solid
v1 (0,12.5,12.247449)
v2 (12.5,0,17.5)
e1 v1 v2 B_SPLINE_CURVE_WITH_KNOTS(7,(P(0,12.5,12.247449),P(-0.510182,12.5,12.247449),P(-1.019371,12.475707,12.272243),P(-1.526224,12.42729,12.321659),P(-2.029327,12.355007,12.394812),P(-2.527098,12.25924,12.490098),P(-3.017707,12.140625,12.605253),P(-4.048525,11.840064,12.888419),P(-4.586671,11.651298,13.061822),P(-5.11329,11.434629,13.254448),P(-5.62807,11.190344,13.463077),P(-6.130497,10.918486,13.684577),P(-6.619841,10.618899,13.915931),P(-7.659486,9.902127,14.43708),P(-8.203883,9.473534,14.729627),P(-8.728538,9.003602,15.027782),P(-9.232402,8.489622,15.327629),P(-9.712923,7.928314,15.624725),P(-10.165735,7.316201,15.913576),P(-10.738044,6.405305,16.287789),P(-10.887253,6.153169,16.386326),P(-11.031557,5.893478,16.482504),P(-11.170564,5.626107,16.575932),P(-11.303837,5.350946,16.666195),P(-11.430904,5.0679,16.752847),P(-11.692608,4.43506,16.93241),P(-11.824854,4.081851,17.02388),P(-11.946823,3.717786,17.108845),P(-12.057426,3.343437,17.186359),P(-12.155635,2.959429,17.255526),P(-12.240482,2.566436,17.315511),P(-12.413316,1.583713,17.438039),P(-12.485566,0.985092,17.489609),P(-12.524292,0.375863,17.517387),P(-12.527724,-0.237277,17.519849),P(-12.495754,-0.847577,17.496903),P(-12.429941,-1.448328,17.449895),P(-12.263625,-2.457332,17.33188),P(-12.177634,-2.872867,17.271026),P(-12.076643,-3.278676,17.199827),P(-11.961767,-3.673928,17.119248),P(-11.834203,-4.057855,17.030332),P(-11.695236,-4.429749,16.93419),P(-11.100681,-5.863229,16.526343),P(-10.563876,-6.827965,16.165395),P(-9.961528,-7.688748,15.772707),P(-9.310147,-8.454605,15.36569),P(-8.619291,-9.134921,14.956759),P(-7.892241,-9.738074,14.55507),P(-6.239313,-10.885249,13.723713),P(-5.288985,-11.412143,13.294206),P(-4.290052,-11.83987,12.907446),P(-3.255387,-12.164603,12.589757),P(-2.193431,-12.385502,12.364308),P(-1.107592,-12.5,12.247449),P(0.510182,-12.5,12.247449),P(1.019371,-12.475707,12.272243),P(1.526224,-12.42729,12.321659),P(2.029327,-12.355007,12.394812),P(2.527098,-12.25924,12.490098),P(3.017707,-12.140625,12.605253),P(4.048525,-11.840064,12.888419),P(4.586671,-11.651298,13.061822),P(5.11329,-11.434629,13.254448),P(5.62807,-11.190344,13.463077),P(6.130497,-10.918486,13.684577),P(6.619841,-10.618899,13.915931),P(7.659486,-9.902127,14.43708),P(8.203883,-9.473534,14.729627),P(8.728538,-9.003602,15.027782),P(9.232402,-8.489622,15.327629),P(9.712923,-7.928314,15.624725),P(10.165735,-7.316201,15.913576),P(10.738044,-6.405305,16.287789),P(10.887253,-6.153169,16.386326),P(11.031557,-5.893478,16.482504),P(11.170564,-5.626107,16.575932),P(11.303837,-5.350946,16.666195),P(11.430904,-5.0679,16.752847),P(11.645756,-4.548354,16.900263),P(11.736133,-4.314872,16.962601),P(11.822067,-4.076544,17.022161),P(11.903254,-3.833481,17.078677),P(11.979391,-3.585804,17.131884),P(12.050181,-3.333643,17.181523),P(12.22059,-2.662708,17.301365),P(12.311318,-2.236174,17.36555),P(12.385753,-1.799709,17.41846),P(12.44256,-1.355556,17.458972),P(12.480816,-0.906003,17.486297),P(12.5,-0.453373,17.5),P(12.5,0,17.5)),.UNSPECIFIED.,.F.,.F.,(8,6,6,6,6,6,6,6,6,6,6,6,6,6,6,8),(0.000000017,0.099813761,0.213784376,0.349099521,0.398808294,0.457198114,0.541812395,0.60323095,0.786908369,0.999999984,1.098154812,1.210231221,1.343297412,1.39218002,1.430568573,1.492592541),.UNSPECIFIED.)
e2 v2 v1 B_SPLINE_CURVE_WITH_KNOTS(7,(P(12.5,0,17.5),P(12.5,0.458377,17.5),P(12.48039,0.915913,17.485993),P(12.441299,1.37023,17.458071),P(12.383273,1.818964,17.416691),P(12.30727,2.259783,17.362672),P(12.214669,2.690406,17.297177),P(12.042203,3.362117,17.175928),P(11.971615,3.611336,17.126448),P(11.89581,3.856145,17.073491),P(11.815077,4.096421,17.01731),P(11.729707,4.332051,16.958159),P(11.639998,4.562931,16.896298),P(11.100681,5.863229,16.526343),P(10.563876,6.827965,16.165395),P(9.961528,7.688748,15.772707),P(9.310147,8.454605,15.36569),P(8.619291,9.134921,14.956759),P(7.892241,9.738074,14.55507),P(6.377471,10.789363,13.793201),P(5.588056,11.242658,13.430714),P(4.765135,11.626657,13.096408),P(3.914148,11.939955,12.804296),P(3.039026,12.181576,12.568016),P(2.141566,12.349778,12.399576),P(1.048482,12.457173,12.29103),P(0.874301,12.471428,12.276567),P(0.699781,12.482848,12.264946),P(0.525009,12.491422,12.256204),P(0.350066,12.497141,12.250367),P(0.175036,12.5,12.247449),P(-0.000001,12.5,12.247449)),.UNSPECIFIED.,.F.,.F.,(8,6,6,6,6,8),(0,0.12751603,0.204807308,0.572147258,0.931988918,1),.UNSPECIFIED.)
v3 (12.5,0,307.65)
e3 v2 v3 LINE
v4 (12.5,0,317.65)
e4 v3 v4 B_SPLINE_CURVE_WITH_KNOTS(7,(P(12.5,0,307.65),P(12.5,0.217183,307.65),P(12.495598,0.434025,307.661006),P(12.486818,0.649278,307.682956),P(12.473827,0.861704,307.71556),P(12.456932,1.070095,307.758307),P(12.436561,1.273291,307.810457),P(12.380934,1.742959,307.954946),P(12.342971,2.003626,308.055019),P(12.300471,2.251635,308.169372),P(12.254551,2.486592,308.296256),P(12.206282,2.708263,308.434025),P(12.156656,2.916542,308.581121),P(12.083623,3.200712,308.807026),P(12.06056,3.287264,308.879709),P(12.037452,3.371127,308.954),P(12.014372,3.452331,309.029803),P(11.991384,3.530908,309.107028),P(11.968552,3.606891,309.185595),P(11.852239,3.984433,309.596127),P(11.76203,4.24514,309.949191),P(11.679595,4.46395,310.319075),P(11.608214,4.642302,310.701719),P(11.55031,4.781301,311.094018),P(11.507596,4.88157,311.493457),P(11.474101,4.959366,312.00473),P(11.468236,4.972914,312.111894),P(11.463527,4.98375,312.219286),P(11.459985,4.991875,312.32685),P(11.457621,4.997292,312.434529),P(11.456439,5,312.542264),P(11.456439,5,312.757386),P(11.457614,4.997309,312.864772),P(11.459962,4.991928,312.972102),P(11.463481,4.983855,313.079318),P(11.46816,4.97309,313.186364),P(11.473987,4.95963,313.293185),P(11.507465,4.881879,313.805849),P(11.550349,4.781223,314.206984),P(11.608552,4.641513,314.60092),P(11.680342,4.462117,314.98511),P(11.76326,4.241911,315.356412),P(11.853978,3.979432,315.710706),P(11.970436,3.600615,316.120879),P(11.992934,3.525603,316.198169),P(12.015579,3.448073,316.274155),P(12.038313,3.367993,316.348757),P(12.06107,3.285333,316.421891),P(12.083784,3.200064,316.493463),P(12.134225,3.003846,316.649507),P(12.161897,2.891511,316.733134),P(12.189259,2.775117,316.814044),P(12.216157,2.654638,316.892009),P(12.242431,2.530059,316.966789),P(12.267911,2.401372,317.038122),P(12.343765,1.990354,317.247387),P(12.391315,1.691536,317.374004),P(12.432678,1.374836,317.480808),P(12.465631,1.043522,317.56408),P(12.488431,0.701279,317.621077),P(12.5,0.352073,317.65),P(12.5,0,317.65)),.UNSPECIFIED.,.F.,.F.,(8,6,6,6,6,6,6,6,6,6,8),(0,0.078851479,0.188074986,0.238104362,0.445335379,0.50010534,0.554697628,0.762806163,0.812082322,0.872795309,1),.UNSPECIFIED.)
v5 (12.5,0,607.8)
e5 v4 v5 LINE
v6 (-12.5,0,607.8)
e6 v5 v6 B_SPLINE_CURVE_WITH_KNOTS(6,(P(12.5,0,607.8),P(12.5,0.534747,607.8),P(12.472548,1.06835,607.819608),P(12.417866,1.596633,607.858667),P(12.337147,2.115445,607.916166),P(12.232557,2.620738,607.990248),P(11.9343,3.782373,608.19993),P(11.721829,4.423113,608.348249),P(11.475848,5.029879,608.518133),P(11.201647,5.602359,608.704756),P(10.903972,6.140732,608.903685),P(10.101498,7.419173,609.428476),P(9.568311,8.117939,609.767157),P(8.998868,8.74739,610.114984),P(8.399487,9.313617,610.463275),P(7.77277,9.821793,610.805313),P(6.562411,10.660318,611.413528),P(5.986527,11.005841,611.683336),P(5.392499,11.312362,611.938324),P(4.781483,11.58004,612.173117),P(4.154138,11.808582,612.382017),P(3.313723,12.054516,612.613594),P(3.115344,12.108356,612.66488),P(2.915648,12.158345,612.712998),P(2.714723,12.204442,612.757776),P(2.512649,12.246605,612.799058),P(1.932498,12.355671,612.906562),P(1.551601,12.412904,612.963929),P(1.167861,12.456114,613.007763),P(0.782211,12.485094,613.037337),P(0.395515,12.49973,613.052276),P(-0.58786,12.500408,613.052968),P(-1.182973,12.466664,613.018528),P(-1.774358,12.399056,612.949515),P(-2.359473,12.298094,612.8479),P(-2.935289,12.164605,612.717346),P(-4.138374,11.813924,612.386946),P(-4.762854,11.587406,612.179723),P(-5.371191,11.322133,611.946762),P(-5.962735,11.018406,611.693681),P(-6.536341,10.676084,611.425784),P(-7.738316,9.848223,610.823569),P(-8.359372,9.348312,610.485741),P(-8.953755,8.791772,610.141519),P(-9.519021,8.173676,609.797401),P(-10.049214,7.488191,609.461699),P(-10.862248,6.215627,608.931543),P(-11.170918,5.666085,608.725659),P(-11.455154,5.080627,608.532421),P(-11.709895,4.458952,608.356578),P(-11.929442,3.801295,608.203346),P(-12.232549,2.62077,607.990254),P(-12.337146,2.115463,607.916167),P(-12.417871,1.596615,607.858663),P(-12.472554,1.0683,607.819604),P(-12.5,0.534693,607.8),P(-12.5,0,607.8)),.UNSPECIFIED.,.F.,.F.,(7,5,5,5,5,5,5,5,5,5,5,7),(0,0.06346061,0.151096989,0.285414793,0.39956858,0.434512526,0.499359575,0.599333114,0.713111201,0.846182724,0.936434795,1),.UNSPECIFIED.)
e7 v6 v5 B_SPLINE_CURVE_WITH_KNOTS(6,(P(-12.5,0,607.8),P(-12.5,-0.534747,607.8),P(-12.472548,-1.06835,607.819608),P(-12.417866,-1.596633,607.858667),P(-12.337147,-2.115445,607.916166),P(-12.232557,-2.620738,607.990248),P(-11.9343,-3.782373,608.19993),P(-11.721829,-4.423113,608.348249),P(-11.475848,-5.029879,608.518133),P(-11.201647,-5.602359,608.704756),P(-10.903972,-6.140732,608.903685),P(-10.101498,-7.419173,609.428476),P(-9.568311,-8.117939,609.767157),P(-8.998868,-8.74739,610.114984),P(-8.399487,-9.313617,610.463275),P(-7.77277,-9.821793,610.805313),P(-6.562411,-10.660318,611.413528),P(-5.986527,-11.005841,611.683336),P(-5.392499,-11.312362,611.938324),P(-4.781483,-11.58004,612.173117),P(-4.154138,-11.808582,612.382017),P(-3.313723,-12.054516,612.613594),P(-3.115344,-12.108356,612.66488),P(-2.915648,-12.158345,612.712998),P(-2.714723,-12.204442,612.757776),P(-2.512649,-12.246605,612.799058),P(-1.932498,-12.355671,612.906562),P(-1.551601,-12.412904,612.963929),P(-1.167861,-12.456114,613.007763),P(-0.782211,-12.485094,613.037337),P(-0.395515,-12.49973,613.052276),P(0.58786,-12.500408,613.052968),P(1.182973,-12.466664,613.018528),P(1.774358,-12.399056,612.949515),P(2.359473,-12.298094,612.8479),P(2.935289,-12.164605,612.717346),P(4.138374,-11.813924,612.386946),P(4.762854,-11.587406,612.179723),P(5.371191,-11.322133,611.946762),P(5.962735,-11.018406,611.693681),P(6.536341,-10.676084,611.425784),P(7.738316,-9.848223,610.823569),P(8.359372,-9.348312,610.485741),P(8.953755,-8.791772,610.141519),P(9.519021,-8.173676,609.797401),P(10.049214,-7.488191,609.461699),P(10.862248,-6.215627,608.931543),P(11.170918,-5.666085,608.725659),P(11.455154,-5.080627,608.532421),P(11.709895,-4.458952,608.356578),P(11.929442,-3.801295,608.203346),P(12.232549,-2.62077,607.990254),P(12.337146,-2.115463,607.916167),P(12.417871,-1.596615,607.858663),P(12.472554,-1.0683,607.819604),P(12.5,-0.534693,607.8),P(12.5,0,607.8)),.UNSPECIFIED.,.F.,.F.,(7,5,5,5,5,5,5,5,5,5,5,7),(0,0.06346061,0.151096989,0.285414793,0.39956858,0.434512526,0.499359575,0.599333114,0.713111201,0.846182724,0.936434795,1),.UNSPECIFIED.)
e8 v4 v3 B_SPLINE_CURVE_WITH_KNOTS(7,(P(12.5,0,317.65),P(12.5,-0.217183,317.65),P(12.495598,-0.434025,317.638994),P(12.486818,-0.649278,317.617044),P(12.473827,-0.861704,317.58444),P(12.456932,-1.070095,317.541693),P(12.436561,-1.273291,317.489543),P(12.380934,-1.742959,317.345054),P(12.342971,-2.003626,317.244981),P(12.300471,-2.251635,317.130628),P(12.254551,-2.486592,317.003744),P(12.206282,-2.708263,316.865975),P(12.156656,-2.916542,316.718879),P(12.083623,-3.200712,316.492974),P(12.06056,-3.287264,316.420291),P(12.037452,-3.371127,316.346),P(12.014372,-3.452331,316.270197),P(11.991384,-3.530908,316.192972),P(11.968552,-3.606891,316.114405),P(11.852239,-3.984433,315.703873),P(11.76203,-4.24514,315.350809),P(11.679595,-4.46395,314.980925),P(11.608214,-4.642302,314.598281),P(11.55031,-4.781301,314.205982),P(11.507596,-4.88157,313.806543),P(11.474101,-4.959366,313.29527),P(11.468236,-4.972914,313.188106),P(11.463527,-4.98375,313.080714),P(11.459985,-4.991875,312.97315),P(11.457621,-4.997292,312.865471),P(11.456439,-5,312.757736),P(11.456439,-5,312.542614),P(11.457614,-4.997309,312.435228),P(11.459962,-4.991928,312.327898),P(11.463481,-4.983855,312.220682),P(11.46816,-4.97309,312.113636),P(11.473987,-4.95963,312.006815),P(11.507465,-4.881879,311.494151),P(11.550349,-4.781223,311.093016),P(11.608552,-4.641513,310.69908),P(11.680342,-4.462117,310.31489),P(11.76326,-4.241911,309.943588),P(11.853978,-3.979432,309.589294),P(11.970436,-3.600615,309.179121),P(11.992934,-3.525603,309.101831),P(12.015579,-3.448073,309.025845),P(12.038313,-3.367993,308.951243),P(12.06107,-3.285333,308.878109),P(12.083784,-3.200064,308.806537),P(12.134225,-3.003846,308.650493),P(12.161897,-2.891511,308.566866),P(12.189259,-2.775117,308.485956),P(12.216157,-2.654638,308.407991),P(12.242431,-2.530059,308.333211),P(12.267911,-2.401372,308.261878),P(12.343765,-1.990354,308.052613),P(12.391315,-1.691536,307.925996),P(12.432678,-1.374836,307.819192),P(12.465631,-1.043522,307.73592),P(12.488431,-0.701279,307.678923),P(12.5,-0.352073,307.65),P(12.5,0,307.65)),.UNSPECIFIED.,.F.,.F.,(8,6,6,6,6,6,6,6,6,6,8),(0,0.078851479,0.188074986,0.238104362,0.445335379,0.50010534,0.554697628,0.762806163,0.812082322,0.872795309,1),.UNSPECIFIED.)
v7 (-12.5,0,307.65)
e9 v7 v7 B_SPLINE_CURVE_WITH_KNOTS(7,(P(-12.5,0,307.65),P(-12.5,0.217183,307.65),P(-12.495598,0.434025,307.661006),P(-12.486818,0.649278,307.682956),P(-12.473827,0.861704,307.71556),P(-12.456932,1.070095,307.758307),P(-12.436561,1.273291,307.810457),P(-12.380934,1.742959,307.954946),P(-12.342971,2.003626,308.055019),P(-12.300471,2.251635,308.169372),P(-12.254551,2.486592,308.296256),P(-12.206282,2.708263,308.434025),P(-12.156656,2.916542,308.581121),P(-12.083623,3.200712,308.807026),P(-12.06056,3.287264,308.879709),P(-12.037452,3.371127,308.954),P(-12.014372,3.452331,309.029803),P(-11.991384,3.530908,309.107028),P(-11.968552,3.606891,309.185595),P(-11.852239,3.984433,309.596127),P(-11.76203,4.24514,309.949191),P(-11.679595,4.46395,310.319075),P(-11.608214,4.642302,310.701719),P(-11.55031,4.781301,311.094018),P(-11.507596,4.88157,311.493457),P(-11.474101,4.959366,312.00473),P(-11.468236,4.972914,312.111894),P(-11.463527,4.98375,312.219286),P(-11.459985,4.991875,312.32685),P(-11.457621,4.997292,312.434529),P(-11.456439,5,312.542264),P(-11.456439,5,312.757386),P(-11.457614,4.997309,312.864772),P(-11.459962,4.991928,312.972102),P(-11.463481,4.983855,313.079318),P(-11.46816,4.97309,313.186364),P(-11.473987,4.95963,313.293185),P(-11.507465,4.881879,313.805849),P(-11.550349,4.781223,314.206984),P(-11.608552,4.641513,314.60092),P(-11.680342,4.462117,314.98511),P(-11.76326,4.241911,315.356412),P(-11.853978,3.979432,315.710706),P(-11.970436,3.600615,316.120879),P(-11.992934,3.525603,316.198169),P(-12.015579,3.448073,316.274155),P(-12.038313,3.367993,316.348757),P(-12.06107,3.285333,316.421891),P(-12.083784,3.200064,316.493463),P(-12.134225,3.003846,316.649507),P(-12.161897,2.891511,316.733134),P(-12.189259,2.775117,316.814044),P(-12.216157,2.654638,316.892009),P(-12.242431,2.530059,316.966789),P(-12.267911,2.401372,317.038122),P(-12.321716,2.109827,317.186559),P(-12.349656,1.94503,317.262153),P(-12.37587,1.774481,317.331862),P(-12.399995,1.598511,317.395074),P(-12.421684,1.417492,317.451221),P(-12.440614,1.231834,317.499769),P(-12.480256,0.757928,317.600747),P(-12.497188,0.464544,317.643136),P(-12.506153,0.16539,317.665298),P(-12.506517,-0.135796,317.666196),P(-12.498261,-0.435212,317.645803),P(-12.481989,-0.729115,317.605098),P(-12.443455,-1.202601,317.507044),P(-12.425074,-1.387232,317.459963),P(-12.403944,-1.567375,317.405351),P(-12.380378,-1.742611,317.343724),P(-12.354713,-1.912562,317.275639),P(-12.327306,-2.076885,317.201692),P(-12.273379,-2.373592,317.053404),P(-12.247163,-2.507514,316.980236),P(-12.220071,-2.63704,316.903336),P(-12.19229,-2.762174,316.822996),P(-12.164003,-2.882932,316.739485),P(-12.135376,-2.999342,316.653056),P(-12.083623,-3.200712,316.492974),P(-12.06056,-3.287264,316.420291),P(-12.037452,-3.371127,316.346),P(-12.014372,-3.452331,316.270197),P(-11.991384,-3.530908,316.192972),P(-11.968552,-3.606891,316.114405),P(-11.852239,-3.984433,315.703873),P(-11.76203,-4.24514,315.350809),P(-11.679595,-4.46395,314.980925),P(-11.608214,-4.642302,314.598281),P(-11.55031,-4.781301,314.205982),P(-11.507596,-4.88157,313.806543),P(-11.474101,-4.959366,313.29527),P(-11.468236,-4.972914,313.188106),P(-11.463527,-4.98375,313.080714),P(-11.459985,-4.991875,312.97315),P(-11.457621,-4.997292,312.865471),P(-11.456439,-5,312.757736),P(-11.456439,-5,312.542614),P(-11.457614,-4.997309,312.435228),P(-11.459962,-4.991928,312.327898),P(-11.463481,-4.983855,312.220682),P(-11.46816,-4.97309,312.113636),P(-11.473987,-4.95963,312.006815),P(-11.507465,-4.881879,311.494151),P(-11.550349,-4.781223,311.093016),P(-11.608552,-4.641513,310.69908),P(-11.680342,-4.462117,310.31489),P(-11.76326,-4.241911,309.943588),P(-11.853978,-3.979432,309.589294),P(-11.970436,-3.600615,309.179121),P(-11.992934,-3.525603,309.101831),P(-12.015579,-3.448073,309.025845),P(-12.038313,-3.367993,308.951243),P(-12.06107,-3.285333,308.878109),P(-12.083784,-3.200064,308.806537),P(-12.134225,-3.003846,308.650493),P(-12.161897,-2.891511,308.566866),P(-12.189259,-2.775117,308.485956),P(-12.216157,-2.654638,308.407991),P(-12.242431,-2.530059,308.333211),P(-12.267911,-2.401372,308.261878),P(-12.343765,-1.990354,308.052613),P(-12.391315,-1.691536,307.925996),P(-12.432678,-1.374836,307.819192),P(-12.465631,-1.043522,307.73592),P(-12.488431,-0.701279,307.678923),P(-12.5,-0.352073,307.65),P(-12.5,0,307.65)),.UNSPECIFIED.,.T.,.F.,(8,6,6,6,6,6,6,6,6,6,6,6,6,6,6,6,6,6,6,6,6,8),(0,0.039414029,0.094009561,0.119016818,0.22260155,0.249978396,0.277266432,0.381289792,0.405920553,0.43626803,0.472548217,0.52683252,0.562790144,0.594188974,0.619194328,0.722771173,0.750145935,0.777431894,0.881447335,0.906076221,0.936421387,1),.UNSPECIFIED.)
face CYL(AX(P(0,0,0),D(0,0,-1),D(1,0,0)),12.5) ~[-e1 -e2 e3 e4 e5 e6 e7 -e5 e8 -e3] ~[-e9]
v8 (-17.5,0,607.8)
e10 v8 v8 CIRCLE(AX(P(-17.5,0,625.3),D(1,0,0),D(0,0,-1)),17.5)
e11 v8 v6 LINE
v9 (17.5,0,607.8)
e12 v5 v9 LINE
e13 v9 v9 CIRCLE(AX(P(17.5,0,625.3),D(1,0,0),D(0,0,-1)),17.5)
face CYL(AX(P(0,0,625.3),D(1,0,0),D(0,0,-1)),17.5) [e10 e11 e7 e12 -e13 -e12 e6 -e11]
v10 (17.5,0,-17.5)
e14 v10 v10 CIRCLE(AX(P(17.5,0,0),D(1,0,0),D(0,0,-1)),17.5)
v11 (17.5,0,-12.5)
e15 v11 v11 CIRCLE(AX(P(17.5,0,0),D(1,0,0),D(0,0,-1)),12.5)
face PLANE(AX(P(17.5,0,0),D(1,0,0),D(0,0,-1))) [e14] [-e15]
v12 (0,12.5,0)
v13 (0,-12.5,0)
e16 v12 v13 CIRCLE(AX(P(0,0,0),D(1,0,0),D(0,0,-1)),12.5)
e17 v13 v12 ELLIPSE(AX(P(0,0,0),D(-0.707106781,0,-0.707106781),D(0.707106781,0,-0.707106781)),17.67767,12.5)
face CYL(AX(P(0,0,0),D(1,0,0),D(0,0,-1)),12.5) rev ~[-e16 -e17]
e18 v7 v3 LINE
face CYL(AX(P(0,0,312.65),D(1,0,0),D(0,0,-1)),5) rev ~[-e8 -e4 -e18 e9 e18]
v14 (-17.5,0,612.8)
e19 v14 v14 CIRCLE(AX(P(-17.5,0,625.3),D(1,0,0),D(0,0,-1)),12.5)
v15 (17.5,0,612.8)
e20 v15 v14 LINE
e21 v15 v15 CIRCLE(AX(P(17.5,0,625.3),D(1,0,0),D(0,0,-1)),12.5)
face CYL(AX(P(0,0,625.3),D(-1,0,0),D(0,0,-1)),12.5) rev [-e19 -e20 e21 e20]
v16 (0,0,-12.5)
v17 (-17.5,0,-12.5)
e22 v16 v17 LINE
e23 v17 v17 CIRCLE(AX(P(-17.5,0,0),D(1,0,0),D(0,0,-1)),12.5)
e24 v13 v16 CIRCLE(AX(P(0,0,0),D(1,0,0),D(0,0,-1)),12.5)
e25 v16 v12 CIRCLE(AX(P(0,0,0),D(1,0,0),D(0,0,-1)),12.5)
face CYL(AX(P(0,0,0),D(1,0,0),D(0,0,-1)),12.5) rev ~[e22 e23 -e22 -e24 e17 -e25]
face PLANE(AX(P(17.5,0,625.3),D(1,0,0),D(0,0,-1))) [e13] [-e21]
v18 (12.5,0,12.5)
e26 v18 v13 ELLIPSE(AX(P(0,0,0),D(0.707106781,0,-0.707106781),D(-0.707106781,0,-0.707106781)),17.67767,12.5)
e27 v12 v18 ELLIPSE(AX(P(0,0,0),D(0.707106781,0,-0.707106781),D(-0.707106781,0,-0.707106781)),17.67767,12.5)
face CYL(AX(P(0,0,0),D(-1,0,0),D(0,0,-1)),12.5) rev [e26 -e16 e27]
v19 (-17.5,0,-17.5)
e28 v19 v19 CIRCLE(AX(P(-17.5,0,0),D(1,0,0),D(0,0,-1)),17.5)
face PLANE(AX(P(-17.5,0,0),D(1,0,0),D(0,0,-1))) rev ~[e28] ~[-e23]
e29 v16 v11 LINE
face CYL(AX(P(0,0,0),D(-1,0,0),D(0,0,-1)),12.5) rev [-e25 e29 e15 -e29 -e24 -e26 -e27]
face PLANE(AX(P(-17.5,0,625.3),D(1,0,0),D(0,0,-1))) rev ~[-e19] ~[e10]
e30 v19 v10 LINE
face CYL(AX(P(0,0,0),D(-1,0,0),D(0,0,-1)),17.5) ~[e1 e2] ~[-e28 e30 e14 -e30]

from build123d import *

# Parameters (mm, degrees)
SKETCH1_R           = 12.5
BOSS_EXTRUDE4_DEPTH = 625.3
SKETCH4_R           = 5
CUT_EXTRUDE2_DEPTH  = 312.65
SKETCH5_R           = 17.5
SKETCH5_R_2         = 12.5
BOSS_EXTRUDE6_DEPTH = 17.5
SKETCH7_R           = 12.5
CUT_EXTRUDE4_DEPTH  = 17.5


with BuildPart() as part:
    # Sketch1 → Boss-Extrude4 (new body)
    with BuildSketch(Plane.XY):
        Circle(SKETCH1_R)
    extrude(amount=BOSS_EXTRUDE4_DEPTH)

    # Sketch4 → Cut-Extrude2 (cut, symmetric)
    with BuildSketch(Plane(origin=(0, 0, 0), x_dir=(0, 0, -1), z_dir=(1, 0, 0))):
        with Locations((-312.65, 0)):
            Circle(SKETCH4_R)
    extrude(amount=CUT_EXTRUDE2_DEPTH, both=True, mode=Mode.SUBTRACT)

    # Sketch5 → Boss-Extrude6 (add, symmetric)
    with BuildSketch(Plane(origin=(0, 0, 0), x_dir=(0, 0, -1), z_dir=(1, 0, 0))):
        Circle(SKETCH5_R)
        Circle(SKETCH5_R_2, mode=Mode.SUBTRACT)
        with Locations((-625.3, 0)):
            Circle(SKETCH5_R)
        with Locations((-625.3, 0)):
            Circle(SKETCH5_R_2, mode=Mode.SUBTRACT)
    extrude(amount=BOSS_EXTRUDE6_DEPTH, both=True)

    # Sketch7 → Cut-Extrude4 (cut, symmetric)
    with BuildSketch(Plane(origin=(0, 0, 0), x_dir=(0, 0, -1), z_dir=(1, 0, 0))):
        Circle(SKETCH7_R)
        with Locations((-625.3, 0)):
            Circle(SKETCH7_R)
    extrude(amount=CUT_EXTRUDE4_DEPTH, both=True, mode=Mode.SUBTRACT)


solid = part.part
